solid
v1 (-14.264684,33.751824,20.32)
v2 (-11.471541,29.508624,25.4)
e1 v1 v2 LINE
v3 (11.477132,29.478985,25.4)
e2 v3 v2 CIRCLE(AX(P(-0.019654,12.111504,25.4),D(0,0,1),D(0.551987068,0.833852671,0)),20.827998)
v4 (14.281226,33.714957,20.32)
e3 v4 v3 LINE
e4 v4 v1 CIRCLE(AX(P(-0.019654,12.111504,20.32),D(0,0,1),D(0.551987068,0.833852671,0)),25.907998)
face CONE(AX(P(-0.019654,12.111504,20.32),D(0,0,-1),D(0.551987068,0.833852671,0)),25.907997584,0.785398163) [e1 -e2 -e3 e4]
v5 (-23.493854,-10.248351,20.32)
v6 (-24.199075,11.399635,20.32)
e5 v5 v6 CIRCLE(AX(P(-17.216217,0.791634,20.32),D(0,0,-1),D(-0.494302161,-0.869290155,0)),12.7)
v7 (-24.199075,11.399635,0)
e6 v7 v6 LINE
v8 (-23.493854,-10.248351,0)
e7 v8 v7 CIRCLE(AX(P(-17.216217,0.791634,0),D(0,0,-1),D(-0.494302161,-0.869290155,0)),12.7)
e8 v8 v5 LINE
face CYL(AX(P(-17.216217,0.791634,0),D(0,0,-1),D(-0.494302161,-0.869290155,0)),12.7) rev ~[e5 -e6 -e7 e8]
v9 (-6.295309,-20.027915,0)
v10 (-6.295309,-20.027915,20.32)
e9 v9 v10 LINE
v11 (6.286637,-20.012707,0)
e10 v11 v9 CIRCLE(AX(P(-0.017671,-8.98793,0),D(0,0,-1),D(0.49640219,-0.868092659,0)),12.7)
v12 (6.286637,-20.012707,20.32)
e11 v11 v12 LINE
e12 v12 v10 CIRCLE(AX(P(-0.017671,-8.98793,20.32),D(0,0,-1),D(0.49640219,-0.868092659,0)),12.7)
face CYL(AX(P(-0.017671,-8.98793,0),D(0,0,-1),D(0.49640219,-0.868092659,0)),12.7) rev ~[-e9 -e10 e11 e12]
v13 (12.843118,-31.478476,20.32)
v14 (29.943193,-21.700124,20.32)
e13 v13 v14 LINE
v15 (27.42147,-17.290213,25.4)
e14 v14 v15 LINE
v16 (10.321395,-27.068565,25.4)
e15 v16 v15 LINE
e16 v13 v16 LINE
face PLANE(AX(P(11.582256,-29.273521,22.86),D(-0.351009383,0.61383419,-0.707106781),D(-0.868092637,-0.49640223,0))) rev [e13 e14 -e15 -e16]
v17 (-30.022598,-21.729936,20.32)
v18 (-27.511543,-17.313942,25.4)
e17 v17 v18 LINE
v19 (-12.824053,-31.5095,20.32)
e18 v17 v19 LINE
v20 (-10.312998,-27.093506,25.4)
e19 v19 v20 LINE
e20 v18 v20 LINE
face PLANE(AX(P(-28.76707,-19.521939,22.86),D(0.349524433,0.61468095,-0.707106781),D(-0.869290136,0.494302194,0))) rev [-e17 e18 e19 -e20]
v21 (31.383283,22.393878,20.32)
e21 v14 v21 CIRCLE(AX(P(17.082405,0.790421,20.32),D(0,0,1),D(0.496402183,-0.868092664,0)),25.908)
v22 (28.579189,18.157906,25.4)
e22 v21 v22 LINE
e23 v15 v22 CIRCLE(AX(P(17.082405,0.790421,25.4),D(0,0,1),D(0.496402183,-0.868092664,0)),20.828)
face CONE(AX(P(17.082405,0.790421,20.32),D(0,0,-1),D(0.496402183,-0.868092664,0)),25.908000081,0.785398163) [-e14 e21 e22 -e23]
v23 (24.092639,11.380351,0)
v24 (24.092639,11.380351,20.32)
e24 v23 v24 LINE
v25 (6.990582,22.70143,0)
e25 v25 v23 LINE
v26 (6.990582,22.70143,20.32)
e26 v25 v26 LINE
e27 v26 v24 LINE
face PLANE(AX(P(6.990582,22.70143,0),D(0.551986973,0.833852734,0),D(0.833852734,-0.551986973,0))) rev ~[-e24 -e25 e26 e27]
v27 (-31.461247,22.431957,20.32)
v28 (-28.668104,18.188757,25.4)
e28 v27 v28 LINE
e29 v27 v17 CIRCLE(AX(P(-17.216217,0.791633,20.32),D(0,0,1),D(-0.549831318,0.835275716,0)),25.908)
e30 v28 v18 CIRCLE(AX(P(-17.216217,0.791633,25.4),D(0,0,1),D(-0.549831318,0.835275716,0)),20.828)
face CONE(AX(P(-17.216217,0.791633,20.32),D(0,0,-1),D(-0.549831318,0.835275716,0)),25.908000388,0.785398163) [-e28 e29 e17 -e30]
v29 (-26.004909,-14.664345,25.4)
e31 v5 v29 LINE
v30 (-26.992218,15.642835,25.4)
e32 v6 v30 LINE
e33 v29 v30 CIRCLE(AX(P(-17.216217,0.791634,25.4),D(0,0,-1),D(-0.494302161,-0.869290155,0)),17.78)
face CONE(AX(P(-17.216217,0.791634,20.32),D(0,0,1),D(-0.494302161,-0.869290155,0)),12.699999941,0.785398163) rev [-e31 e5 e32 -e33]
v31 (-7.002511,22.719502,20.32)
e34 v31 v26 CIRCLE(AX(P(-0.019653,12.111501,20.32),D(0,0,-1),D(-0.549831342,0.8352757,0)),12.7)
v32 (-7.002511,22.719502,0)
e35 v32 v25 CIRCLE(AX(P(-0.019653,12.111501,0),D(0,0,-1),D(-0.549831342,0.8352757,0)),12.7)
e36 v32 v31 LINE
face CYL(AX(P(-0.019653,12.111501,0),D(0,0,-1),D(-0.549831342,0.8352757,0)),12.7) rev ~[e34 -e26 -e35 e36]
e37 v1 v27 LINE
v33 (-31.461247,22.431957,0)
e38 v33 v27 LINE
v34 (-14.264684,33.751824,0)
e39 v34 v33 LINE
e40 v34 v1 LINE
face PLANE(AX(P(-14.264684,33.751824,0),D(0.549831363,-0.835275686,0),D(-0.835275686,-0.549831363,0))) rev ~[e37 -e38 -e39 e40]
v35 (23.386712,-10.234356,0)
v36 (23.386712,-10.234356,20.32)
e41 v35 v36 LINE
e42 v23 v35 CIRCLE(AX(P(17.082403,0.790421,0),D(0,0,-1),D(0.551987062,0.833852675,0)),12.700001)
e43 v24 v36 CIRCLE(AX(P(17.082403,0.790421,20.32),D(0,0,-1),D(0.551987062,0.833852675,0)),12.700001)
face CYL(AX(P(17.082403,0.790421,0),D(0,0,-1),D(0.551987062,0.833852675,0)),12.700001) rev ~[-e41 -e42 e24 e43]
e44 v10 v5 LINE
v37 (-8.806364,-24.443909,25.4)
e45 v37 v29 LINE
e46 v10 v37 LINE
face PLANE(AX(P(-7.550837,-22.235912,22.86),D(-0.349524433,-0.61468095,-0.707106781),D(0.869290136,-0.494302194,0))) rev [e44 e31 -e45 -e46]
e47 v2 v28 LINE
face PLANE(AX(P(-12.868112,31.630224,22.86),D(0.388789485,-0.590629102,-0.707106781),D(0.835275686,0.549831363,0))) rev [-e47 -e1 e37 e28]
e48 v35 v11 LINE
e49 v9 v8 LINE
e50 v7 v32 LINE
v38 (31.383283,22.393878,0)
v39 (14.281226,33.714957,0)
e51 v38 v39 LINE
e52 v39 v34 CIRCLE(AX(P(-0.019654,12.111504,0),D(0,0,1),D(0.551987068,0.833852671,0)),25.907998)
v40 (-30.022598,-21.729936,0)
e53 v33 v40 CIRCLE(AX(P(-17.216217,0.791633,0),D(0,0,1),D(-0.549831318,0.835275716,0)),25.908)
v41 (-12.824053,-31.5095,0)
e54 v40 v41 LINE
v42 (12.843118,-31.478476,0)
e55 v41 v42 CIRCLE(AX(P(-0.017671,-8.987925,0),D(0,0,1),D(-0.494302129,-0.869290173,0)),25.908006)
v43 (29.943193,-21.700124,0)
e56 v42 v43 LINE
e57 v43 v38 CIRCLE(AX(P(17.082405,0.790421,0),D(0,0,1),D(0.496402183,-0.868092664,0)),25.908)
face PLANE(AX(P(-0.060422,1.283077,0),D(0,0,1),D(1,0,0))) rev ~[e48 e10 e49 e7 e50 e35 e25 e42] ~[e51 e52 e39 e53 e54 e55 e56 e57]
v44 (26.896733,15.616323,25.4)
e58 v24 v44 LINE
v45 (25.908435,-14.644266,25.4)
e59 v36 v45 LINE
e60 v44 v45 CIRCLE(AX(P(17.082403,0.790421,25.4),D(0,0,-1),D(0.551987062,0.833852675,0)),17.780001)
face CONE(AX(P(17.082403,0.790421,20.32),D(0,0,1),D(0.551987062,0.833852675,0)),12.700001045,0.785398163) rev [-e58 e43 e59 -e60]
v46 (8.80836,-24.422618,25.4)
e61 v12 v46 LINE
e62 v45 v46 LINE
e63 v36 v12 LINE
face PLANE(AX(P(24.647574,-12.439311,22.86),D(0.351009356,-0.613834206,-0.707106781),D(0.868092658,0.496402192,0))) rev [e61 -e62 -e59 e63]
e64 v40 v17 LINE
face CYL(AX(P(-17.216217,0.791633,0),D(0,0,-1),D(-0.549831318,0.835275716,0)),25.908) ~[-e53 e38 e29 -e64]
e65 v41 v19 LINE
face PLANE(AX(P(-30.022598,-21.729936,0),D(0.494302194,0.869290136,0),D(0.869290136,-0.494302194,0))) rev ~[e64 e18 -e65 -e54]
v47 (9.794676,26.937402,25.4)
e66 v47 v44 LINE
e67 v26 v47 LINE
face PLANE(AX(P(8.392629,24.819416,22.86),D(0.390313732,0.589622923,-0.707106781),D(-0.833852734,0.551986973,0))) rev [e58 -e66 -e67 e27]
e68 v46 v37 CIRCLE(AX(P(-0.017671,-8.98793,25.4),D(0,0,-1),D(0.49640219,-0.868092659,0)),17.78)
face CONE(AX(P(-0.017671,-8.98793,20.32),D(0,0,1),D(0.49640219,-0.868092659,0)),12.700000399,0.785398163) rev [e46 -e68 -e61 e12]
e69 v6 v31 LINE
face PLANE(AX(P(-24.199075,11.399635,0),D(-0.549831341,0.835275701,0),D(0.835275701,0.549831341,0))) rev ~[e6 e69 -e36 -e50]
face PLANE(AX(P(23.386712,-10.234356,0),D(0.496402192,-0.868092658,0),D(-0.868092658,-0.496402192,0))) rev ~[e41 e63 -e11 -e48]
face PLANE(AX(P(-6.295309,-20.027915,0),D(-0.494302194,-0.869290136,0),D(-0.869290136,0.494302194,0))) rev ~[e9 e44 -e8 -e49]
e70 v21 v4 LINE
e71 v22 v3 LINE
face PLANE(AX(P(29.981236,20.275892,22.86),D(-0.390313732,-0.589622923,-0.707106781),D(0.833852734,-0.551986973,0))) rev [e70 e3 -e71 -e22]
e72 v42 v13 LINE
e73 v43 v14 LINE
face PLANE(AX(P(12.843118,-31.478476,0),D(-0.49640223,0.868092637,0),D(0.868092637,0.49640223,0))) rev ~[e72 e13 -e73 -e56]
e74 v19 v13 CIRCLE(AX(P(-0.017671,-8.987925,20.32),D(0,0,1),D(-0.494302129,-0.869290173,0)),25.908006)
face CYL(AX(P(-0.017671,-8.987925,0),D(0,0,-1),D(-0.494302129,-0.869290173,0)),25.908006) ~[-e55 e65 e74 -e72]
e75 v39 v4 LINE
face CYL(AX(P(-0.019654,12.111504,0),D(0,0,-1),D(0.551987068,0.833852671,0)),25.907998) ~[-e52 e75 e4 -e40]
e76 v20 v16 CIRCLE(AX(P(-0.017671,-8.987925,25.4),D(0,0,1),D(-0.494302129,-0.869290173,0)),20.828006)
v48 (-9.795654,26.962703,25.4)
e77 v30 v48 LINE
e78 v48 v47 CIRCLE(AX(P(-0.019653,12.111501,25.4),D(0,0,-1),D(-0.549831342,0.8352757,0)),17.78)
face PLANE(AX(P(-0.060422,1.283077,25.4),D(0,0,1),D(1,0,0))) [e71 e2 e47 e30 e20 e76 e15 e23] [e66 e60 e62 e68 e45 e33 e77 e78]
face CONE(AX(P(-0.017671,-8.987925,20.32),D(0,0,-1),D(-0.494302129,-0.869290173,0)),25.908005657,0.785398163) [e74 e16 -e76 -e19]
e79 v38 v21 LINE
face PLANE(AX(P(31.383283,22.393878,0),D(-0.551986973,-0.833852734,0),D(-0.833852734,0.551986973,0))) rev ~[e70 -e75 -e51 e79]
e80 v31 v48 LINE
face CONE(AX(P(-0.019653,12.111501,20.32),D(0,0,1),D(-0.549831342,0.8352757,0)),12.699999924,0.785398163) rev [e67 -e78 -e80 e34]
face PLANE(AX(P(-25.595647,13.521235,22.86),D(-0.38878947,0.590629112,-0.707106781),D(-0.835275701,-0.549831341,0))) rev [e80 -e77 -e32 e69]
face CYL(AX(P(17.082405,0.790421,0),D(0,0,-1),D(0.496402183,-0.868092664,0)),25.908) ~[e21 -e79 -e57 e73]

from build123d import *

# Parameters (mm, degrees)
F1_DEPTH = 25.4
F2_SIZE  = 5.08


with BuildPart() as f1:
    # F0 (on Top) → F1 (new body)
    with BuildSketch(Plane.XY):
        with BuildLine():
            Line((-14.264684, 33.751824), (-31.461247, 22.431957))
            ThreePointArc((-31.461247, 22.431957), (-43.110481, -0.051916), (-30.022598, -21.729936))
            Line((-30.022598, -21.729936), (-12.824053, -31.5095))
            ThreePointArc((-12.824053, -31.5095), (0.013644, -34.895912), (12.843118, -31.478476))
            Line((12.843118, -31.478476), (29.943193, -21.700124))
            ThreePointArc((29.943193, -21.700124), (42.976599, -0.055272), (31.383283, 22.393878))
            Line((31.383283, 22.393878), (14.281226, 33.714957))
            ThreePointArc((14.281226, 33.714957), (0.013807, 38.01948), (-14.264684, 33.751824))
        make_face()
        with BuildLine():
            ThreePointArc((-23.493854, -10.248351), (-29.909483, 0.378129), (-24.199075, 11.399635))
            Line((-24.199075, 11.399635), (-7.002511, 22.719502))
            ThreePointArc((-7.002511, 22.719502), (-0.003251, 24.81149), (6.990582, 22.70143))
            Line((6.990582, 22.70143), (24.092639, 11.380351))
            ThreePointArc((24.092639, 11.380351), (29.775636, 0.375866), (23.386712, -10.234356))
            Line((23.386712, -10.234356), (6.286637, -20.012707))
            ThreePointArc((6.286637, -20.012707), (-0.00232, -21.687921), (-6.295309, -20.027915))
            Line((-6.295309, -20.027915), (-23.493854, -10.248351))
        make_face(mode=Mode.SUBTRACT)
    extrude(amount=F1_DEPTH)

    # F2
    f2_edges = [f1.edges().sort_by_distance(p)[0] for p in [
        (0.013807, 38.01948, 25.4),
        (-22.862966, 28.09189, 25.4),
        (-43.110481, -0.051916, 25.4),
        (-21.423325, -26.619718, 25.4),
        (0.013644, -34.895912, 25.4),
        (21.393155, -26.5893, 25.4),
        (42.976599, -0.055272, 25.4),
        (22.832255, 28.054418, 25.4),
        (-0.00232, -21.687921, 25.4),
        (-14.894582, -15.138133, 25.4),
        (-29.909483, 0.378129, 25.4),
        (-15.600793, 17.059568, 25.4),
        (-0.003251, 24.81149, 25.4),
        (15.54161, 17.04089, 25.4),
        (29.775636, 0.375866, 25.4),
        (14.836675, -15.123531, 25.4),
    ]]
    chamfer(f2_edges, length=F2_SIZE)


solid = f1.part
